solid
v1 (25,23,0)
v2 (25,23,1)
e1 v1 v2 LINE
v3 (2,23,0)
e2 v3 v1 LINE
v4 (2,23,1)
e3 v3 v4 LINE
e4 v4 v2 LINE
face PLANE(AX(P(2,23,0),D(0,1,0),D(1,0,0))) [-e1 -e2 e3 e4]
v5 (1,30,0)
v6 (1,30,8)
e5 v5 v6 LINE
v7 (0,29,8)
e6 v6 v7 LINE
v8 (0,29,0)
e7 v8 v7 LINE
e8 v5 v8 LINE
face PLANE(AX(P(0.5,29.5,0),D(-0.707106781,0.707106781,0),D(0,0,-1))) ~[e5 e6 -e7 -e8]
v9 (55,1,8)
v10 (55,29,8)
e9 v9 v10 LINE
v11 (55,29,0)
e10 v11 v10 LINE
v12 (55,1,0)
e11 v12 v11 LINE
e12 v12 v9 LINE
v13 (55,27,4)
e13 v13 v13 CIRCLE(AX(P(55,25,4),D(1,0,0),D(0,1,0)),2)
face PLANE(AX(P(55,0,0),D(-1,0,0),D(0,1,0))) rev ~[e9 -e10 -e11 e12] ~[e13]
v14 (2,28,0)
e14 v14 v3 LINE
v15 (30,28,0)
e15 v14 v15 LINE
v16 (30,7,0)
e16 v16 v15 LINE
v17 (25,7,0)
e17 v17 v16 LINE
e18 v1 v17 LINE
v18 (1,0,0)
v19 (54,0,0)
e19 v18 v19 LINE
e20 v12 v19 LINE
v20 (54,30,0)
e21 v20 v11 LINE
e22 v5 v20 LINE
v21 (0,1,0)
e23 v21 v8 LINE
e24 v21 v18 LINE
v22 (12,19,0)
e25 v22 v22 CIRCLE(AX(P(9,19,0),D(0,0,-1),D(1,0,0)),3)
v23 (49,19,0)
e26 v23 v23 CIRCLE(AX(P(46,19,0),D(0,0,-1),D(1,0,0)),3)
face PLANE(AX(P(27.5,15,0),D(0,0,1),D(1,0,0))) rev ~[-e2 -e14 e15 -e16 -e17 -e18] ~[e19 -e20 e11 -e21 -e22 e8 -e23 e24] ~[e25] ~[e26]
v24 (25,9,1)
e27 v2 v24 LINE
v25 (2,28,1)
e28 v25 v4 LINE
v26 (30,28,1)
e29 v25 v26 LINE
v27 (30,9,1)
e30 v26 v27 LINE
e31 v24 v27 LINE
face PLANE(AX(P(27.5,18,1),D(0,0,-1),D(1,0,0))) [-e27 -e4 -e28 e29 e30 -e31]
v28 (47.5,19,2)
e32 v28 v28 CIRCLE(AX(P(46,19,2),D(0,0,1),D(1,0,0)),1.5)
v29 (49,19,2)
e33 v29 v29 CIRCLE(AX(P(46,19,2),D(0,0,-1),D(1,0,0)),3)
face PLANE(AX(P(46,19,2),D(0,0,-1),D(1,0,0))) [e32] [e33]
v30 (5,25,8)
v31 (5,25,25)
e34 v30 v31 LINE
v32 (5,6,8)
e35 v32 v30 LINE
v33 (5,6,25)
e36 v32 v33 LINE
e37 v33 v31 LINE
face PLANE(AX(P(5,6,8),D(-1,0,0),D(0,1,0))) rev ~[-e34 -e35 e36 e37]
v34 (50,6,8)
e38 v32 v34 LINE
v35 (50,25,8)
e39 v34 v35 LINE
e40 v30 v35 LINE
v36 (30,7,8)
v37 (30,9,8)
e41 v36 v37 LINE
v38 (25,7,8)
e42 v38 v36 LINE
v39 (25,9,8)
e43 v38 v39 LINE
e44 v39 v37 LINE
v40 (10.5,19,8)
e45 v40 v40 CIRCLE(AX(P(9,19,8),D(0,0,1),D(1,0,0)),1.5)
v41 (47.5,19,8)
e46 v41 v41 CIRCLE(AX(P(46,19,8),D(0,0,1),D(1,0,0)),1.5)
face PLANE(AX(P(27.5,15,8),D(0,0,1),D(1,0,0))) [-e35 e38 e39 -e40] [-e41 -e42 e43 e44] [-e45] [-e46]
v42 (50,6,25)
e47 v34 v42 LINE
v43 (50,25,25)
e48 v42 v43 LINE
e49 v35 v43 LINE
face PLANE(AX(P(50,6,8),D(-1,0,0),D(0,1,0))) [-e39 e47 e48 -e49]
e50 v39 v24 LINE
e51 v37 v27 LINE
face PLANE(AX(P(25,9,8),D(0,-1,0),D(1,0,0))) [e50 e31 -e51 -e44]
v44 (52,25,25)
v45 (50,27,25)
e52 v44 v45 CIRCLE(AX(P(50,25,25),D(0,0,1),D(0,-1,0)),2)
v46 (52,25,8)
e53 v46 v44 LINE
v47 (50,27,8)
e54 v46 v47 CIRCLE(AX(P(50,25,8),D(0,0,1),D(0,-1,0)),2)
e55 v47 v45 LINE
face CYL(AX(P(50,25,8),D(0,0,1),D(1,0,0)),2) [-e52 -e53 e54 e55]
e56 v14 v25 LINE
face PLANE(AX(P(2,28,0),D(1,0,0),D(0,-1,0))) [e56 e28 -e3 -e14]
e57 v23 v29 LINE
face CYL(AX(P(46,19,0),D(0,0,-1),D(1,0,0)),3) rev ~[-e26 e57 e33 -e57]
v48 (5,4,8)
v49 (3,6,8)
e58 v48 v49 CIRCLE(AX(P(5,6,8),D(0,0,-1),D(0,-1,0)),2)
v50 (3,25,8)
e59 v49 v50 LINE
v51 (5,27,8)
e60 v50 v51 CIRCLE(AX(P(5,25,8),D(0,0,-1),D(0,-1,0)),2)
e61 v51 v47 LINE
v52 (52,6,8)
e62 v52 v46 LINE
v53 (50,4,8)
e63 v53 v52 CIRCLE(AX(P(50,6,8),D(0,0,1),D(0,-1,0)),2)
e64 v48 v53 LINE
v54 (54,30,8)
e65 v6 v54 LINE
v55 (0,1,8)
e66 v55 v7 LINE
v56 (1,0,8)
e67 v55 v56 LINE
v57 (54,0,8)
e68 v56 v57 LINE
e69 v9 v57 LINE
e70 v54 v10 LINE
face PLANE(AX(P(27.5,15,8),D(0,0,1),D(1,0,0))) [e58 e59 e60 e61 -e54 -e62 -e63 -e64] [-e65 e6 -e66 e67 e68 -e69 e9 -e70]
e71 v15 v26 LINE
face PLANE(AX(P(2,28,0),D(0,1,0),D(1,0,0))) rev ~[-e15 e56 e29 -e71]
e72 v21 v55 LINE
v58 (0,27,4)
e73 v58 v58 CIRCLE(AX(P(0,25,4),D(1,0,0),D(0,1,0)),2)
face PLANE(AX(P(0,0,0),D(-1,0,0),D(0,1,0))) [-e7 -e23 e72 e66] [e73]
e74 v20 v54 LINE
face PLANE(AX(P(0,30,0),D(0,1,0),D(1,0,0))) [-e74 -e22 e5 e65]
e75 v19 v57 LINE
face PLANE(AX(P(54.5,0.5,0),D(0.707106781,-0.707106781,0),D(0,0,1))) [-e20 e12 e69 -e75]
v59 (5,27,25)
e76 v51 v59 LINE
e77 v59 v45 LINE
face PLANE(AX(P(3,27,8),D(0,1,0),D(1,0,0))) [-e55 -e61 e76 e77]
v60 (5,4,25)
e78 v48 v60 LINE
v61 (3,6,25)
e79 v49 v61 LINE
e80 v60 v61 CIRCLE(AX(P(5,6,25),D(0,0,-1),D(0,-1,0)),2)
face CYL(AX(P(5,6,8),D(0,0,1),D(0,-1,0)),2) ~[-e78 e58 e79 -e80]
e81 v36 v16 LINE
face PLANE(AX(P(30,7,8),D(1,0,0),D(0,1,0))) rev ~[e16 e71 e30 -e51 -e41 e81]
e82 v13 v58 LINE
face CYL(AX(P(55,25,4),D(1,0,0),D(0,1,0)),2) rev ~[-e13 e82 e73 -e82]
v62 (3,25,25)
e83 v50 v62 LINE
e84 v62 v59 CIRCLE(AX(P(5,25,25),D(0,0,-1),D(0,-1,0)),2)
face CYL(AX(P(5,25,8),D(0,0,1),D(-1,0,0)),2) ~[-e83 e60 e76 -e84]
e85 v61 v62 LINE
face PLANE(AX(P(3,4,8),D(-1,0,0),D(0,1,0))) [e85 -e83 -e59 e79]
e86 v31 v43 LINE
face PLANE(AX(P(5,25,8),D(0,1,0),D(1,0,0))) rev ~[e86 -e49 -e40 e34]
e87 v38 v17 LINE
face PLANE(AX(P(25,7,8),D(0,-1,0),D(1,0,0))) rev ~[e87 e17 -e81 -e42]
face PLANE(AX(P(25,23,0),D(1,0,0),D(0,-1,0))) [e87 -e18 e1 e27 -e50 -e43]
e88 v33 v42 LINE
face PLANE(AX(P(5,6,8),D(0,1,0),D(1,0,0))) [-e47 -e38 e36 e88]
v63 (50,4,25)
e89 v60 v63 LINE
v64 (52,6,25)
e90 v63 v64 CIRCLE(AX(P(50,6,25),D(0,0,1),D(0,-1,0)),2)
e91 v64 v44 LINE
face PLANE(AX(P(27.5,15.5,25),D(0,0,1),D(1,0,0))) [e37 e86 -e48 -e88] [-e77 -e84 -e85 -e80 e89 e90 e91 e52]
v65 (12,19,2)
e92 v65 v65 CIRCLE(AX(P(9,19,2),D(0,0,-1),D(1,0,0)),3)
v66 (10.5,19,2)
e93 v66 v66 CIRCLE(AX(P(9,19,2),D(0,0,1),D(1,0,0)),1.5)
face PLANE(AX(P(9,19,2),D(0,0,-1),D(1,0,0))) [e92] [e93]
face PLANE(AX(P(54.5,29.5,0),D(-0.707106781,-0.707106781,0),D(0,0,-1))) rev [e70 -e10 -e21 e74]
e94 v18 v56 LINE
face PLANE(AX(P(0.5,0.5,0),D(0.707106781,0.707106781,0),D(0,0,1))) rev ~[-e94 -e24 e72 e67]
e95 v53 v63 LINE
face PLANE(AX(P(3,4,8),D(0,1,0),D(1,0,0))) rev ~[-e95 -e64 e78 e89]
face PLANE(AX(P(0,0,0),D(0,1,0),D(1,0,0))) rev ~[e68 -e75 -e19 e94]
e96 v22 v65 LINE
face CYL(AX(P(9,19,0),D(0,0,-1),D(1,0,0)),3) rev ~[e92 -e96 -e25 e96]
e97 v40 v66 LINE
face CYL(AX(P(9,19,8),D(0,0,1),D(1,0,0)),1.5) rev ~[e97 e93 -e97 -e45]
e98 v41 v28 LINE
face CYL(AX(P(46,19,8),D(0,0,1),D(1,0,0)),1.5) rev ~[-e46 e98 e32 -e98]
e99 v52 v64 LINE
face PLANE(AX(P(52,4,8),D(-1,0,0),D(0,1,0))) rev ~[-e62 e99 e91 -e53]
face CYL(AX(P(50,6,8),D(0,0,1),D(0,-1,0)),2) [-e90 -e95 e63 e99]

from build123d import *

# Parameters (mm, degrees)
SKETCH_W        = 55
SKETCH_H        = 30
PAD_DEPTH       = 8
SKETCH001_R     = 1.5
SKETCH001_W     = 5
SKETCH001_H     = 2
POCKET_DEPTH    = 8
SKETCH002_W     = 49
SKETCH002_H     = 23
SKETCH002_W_2   = 45
SKETCH002_H_2   = 19
PAD001_DEPTH    = 17
SKETCH003_R     = 2
POCKET001_DEPTH = 60
FILLET_R        = 2
FILLET001_R     = 2
FILLET002_R     = 2
FILLET003_R     = 2
SKETCH004_W     = 5
SKETCH004_H     = 20
SKETCH004_W_2   = 23
SKETCH004_H_2   = 5
POCKET002_DEPTH = 1
SKETCH005_R     = 3
POCKET003_DEPTH = 2
CHAMFER_SIZE    = 1
CHAMFER001_SIZE = 1
CHAMFER002_SIZE = 1
CHAMFER003_SIZE = 1


with BuildPart() as part:
    # Sketch → Pad (new body)
    with BuildSketch(Plane.XY):
        with Locations((27.5, 15)):
            Rectangle(SKETCH_W, SKETCH_H)
    extrude(amount=PAD_DEPTH)

    # Sketch001 → Pocket (cut)
    with BuildSketch(Plane.XY.offset(8)):
        with Locations((9, 19)):
            Circle(SKETCH001_R)
        with Locations((46, 19)):
            Circle(SKETCH001_R)
        with Locations((27.5, 8)):
            Rectangle(SKETCH001_W, SKETCH001_H)
    extrude(amount=-POCKET_DEPTH, mode=Mode.SUBTRACT)

    # Sketch002 → Pad001 (new body)
    with BuildSketch(Plane.XY.offset(8)):
        with Locations((27.5, 15.5)):
            Rectangle(SKETCH002_W, SKETCH002_H)
        with Locations((27.5, 15.5)):
            Rectangle(SKETCH002_W_2, SKETCH002_H_2, mode=Mode.SUBTRACT)
    extrude(amount=PAD001_DEPTH)

    # Sketch003 → Pocket001 (cut)
    with BuildSketch(Plane.YZ.offset(55)):
        with Locations((25, 4)):
            Circle(SKETCH003_R)
    extrude(amount=-POCKET001_DEPTH, mode=Mode.SUBTRACT)

    # Fillet
    fillet_edges = [part.edges().sort_by_distance(p)[0] for p in [
        (3, 4, 16.5),
    ]]
    fillet(fillet_edges, radius=FILLET_R)

    # Fillet001
    fillet001_edges = [part.edges().sort_by_distance(p)[0] for p in [
        (3, 27, 16.5),
    ]]
    fillet(fillet001_edges, radius=FILLET001_R)

    # Fillet002
    fillet002_edges = [part.edges().sort_by_distance(p)[0] for p in [
        (52, 4, 16.5),
    ]]
    fillet(fillet002_edges, radius=FILLET002_R)

    # Fillet003
    fillet003_edges = [part.edges().sort_by_distance(p)[0] for p in [
        (52, 27, 16.5),
    ]]
    fillet(fillet003_edges, radius=FILLET003_R)

    # Sketch004 → Pocket002 (cut)
    with BuildSketch(Plane(origin=(0, 0, 0), x_dir=(1, 0, 0), z_dir=(0, 0, -1))):
        with Locations((27.5, -18)):
            Rectangle(SKETCH004_W, SKETCH004_H)
        with Locations((13.5, -25.5)):
            Rectangle(SKETCH004_W_2, SKETCH004_H_2)
    extrude(amount=-POCKET002_DEPTH, mode=Mode.SUBTRACT)

    # Sketch005 → Pocket003 (cut)
    with BuildSketch(Plane(origin=(0, 0, 0), x_dir=(1, 0, 0), z_dir=(0, 0, -1))):
        with Locations((9, -19)):
            Circle(SKETCH005_R)
        with Locations((46, -19)):
            Circle(SKETCH005_R)
    extrude(amount=-POCKET003_DEPTH, mode=Mode.SUBTRACT)

    # Chamfer
    chamfer_edges = [part.edges().sort_by_distance(p)[0] for p in [
        (55, 30, 4),
    ]]
    chamfer(chamfer_edges, length=CHAMFER_SIZE)

    # Chamfer001
    chamfer001_edges = [part.edges().sort_by_distance(p)[0] for p in [
        (55, 0, 4),
    ]]
    chamfer(chamfer001_edges, length=CHAMFER001_SIZE)

    # Chamfer002
    chamfer002_edges = [part.edges().sort_by_distance(p)[0] for p in [
        (0, 30, 4),
    ]]
    chamfer(chamfer002_edges, length=CHAMFER002_SIZE)

    # Chamfer003
    chamfer003_edges = [part.edges().sort_by_distance(p)[0] for p in [
        (0, 0, 4),
    ]]
    chamfer(chamfer003_edges, length=CHAMFER003_SIZE)


solid = part.part
